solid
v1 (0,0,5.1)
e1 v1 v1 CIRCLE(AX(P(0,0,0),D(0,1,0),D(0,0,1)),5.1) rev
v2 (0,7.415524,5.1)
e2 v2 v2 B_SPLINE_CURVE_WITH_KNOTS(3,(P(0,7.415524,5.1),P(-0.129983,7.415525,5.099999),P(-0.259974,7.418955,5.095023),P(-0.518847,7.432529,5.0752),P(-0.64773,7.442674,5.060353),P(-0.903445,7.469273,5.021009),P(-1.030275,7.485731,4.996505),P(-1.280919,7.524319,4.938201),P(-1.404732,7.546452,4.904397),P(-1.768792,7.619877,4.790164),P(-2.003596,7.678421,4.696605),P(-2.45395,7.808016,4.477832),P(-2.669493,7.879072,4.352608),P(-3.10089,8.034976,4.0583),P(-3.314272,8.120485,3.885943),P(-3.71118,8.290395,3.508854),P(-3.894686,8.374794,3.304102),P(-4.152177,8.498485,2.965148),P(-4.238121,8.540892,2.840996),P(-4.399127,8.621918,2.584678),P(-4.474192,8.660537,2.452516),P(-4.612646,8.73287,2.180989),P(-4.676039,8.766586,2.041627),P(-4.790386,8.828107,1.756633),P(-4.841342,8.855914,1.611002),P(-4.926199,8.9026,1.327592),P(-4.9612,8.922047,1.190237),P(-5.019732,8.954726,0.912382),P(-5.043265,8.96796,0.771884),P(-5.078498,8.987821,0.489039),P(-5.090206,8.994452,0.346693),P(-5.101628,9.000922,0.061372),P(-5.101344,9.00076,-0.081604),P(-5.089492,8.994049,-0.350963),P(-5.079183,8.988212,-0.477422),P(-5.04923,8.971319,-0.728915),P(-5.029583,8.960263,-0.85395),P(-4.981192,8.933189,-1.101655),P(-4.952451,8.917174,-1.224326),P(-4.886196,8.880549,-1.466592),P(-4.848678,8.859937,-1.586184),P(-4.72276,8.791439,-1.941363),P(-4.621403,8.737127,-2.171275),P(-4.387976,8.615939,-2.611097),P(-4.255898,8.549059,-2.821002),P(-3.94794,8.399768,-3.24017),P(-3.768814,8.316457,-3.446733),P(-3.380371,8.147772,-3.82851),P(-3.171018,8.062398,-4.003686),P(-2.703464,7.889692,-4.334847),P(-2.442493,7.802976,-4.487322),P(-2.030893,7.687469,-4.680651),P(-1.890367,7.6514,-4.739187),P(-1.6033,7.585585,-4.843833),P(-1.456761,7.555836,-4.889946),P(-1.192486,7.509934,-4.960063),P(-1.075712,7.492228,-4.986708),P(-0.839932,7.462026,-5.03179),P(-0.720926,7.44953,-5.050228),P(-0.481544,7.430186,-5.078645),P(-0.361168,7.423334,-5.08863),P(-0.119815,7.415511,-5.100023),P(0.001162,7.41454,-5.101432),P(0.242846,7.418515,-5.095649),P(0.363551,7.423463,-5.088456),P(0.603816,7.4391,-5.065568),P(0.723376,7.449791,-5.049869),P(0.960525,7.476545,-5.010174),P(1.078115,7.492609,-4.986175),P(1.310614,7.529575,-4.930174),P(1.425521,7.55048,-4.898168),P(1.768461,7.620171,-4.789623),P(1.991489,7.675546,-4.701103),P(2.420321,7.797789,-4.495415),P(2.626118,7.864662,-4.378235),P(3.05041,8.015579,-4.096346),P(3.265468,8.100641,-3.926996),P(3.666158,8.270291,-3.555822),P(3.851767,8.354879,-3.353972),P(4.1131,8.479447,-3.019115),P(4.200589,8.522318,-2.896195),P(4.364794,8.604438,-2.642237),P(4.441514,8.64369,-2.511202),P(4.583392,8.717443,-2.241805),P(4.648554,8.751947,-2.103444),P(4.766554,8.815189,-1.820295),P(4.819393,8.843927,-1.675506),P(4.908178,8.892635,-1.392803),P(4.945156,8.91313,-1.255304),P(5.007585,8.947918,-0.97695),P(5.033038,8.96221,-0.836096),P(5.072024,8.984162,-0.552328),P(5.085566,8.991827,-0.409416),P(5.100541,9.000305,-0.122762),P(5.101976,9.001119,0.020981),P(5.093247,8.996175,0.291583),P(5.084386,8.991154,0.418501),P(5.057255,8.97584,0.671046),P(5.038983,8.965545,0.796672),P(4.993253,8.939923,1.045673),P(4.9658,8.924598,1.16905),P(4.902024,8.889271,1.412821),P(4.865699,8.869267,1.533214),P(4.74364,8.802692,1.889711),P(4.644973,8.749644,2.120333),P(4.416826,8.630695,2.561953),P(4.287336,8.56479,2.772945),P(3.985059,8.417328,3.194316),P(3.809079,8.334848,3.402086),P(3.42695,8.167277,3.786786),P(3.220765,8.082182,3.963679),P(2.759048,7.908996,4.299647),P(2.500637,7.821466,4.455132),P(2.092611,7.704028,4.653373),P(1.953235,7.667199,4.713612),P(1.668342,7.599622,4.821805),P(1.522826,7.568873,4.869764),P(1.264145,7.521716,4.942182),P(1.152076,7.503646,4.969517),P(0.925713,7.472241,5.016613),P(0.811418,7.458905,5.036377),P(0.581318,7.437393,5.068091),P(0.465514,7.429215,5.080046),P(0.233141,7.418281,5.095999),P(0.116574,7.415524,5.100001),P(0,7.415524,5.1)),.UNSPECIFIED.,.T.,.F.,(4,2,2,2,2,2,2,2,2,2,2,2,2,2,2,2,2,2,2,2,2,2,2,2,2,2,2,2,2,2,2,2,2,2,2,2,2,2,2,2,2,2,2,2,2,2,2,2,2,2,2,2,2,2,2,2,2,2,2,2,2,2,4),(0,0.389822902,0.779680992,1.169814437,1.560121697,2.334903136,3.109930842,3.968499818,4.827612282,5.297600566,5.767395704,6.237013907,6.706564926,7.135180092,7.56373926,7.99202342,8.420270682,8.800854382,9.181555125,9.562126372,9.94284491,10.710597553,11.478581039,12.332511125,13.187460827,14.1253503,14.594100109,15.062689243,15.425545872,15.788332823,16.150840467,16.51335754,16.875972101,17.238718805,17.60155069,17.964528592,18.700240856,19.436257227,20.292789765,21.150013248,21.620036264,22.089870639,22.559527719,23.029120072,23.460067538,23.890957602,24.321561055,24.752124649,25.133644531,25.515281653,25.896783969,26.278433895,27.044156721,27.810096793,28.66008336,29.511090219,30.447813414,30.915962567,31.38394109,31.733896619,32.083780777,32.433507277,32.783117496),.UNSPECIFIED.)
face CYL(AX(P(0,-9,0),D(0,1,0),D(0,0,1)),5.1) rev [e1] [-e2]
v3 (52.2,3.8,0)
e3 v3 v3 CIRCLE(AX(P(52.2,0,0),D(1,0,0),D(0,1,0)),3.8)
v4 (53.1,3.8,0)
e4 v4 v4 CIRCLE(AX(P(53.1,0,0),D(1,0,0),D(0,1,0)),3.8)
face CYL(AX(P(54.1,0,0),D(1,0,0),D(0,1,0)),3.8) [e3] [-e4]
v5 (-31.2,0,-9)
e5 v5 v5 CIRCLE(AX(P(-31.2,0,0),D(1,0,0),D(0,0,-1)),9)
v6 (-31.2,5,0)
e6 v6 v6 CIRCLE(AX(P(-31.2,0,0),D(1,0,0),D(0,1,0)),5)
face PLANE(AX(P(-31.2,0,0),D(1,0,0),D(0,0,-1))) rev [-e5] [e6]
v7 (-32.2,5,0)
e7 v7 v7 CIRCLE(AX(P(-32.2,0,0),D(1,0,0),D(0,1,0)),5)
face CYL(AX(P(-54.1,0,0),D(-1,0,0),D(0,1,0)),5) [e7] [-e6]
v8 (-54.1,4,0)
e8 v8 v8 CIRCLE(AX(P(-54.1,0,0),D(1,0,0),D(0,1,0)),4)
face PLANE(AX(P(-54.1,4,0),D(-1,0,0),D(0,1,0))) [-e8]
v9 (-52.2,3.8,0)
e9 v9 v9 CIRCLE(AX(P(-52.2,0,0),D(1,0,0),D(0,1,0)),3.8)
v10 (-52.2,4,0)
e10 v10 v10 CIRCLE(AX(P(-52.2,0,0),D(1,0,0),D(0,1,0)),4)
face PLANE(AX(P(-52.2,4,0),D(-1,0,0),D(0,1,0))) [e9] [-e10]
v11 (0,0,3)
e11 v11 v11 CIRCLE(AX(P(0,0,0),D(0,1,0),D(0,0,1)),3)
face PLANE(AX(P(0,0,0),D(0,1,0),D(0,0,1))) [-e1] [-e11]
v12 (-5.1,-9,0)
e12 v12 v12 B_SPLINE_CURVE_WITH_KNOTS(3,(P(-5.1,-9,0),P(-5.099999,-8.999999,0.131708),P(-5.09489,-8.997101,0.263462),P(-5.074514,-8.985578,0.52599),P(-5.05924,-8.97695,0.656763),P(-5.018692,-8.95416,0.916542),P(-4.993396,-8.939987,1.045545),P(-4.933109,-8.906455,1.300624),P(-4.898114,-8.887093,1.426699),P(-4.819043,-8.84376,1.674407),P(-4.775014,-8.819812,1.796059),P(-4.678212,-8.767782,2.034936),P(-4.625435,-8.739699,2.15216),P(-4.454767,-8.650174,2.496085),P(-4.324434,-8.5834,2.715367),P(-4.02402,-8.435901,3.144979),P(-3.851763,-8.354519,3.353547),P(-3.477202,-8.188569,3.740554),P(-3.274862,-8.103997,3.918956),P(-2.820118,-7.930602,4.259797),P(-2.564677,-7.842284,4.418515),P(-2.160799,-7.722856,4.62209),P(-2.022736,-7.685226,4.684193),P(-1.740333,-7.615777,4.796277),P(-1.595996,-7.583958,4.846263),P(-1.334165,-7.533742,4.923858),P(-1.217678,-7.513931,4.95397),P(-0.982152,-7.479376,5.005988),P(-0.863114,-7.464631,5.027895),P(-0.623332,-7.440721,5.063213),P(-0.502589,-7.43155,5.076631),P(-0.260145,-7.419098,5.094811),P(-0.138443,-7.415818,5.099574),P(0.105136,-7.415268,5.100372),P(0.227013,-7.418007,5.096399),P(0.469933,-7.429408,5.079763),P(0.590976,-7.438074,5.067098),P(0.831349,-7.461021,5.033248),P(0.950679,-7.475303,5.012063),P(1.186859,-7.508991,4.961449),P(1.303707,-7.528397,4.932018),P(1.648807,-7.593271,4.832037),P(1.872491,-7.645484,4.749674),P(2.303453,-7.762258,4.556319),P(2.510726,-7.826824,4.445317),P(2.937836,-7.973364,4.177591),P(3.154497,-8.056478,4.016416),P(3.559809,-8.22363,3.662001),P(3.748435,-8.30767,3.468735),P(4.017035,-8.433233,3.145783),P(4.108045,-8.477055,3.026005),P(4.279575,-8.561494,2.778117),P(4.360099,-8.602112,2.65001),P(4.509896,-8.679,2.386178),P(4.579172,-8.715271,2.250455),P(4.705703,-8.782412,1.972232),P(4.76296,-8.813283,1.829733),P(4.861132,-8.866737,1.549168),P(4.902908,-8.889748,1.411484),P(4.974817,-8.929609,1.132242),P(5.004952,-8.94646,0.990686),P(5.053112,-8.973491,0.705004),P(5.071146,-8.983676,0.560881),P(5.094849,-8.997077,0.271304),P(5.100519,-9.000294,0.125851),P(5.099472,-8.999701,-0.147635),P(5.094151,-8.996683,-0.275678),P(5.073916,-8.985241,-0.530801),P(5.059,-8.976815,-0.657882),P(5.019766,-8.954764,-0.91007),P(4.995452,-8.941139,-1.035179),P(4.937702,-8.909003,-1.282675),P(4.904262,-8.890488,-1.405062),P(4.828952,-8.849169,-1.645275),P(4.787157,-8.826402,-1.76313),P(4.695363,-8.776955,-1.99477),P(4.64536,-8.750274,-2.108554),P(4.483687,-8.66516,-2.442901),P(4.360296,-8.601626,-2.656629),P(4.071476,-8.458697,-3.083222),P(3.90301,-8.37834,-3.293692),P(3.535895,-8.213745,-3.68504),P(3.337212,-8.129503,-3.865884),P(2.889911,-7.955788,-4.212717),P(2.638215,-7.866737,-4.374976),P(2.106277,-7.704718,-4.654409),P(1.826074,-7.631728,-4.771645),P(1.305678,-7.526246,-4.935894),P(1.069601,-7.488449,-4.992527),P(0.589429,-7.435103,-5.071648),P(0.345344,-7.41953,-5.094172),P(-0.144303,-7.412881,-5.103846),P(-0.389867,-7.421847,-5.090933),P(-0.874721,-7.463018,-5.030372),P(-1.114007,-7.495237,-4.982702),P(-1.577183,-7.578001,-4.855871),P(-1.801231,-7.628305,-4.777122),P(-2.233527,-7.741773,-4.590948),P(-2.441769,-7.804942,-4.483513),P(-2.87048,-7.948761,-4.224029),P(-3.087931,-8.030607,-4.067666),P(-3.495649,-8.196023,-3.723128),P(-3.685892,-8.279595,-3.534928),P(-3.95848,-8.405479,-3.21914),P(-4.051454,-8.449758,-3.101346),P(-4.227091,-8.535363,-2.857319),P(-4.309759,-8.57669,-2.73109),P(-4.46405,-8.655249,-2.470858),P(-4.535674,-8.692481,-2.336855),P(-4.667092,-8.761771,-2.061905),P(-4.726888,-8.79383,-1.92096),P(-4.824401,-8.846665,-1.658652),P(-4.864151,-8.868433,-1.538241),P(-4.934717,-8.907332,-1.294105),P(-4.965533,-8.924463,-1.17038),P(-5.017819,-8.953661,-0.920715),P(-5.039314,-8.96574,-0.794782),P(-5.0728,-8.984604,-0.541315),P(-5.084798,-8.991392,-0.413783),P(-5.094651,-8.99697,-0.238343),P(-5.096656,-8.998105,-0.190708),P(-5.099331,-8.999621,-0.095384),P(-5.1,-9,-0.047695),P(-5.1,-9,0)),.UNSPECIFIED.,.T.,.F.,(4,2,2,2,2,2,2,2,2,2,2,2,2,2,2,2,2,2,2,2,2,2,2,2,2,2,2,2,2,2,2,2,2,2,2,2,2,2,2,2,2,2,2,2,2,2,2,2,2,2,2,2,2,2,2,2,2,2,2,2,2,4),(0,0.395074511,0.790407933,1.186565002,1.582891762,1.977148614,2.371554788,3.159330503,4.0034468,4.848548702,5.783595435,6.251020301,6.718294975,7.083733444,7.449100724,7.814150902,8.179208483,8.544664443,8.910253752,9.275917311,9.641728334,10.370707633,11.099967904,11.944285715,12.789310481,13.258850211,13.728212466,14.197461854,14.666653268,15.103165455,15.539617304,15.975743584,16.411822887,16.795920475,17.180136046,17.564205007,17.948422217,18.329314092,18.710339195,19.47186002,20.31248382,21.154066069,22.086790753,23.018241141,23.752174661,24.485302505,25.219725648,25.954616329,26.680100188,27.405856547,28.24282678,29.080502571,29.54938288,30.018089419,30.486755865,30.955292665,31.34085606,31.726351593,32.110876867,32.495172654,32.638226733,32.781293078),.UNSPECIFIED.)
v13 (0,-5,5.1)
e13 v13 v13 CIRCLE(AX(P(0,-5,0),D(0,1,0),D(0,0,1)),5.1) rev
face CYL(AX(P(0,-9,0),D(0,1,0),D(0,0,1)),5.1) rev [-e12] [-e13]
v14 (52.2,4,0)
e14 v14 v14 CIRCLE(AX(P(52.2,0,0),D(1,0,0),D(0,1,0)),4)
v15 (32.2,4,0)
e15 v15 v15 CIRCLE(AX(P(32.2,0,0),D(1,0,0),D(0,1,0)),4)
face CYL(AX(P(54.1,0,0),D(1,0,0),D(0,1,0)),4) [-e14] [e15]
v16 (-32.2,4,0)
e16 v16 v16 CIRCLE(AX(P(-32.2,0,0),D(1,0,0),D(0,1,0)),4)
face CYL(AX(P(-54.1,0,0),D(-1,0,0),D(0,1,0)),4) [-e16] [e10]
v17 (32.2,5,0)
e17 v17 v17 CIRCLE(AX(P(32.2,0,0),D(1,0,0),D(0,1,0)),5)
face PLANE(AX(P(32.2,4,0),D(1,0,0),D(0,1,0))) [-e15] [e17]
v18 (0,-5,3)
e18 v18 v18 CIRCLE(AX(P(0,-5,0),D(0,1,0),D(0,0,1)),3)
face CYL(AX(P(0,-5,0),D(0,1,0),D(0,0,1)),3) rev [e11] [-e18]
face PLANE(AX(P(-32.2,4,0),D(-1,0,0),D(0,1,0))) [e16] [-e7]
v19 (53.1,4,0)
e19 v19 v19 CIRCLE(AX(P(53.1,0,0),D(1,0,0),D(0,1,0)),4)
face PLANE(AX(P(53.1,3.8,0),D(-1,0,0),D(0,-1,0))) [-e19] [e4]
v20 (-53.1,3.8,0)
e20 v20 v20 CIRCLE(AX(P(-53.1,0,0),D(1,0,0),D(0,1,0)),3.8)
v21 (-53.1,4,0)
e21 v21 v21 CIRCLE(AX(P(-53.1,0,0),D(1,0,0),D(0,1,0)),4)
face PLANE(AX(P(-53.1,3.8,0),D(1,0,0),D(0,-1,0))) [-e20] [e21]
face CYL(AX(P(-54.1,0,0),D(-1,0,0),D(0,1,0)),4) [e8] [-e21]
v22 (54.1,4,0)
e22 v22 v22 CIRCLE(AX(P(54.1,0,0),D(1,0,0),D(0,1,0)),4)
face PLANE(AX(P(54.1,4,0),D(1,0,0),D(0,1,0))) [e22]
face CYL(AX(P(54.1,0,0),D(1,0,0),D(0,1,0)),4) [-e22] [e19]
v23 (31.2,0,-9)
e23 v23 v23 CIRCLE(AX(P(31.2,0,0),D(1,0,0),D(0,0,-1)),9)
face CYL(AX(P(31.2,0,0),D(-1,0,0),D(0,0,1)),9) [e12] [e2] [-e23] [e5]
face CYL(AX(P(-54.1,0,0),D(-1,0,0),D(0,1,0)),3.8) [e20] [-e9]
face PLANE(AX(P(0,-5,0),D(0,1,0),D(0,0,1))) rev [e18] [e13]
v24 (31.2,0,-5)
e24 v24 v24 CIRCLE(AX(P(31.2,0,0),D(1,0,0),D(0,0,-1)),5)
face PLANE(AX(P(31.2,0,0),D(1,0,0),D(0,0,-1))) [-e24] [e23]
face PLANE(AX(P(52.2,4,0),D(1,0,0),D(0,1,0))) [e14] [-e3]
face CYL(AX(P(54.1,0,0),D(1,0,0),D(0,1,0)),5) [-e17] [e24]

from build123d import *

# Parameters (mm, degrees)
SKETCH1_R               = 9
BOSS_EXTRUDE1_DEPTH     = 31.2
CUT_EXTRUDE1_DEPTH      = 34.696290597
CUT_EXTRUDE1_DEPTH_BACK = 34.696290597
SKETCH2_R               = 5.1
SKETCH7_R               = 5.25
SKETCH7_R_2             = 3
BOSS_EXTRUDE2_DEPTH     = 5


with BuildPart() as part:
    # Sketch1 → Boss-Extrude1 (new, symmetric)
    with BuildSketch(Plane(origin=(0, 0, 0), x_dir=(0, 0, -1), z_dir=(1, 0, 0))):
        Circle(SKETCH1_R)
    extrude(amount=BOSS_EXTRUDE1_DEPTH, both=True)

    # Sketch2 → Cut-Extrude1 (cut, two sides: drawn at the far end of the back side and taken through both)
    with BuildSketch(Plane(origin=(0, 0, 0), x_dir=(1, 0, 0), z_dir=(0, 1, 0)).offset(-CUT_EXTRUDE1_DEPTH_BACK)):
        with Locations(Location((0, 0, 0), (0, 0, 270))):
            Circle(SKETCH2_R)
    extrude(amount=CUT_EXTRUDE1_DEPTH + CUT_EXTRUDE1_DEPTH_BACK, mode=Mode.SUBTRACT)

    # Sketch6 → Revolve1 (revolve)
    with BuildSketch(Plane.XY):
        Polygon((31.2, 0), (31.2, 5), (32.2, 5), (32.2, 4), (52.2, 4), (52.2, 3.8), (53.1, 3.8), (53.1, 4), (54.1, 4), (54.1, 0), align=None)
    revolve1 = revolve(axis=Axis((54.1, 0, 0), (-1, 0, 0)))

    # Mirror1: Revolve1 across plane
    add(revolve1.mirror(Plane(origin=(0, 0, 0), x_dir=(0, 0, 1), z_dir=(1, 0, 0))))

    # Sketch7 → Boss-Extrude2 (add)
    with BuildSketch(Plane(origin=(0, 0, 0), x_dir=(1, 0, 0), z_dir=(0, 1, 0))):
        Circle(SKETCH7_R)
        with Locations(Location((0, 0, 0), (0, 0, 270))):
            Circle(SKETCH7_R_2, mode=Mode.SUBTRACT)
    extrude(amount=-BOSS_EXTRUDE2_DEPTH)


solid = part.part
